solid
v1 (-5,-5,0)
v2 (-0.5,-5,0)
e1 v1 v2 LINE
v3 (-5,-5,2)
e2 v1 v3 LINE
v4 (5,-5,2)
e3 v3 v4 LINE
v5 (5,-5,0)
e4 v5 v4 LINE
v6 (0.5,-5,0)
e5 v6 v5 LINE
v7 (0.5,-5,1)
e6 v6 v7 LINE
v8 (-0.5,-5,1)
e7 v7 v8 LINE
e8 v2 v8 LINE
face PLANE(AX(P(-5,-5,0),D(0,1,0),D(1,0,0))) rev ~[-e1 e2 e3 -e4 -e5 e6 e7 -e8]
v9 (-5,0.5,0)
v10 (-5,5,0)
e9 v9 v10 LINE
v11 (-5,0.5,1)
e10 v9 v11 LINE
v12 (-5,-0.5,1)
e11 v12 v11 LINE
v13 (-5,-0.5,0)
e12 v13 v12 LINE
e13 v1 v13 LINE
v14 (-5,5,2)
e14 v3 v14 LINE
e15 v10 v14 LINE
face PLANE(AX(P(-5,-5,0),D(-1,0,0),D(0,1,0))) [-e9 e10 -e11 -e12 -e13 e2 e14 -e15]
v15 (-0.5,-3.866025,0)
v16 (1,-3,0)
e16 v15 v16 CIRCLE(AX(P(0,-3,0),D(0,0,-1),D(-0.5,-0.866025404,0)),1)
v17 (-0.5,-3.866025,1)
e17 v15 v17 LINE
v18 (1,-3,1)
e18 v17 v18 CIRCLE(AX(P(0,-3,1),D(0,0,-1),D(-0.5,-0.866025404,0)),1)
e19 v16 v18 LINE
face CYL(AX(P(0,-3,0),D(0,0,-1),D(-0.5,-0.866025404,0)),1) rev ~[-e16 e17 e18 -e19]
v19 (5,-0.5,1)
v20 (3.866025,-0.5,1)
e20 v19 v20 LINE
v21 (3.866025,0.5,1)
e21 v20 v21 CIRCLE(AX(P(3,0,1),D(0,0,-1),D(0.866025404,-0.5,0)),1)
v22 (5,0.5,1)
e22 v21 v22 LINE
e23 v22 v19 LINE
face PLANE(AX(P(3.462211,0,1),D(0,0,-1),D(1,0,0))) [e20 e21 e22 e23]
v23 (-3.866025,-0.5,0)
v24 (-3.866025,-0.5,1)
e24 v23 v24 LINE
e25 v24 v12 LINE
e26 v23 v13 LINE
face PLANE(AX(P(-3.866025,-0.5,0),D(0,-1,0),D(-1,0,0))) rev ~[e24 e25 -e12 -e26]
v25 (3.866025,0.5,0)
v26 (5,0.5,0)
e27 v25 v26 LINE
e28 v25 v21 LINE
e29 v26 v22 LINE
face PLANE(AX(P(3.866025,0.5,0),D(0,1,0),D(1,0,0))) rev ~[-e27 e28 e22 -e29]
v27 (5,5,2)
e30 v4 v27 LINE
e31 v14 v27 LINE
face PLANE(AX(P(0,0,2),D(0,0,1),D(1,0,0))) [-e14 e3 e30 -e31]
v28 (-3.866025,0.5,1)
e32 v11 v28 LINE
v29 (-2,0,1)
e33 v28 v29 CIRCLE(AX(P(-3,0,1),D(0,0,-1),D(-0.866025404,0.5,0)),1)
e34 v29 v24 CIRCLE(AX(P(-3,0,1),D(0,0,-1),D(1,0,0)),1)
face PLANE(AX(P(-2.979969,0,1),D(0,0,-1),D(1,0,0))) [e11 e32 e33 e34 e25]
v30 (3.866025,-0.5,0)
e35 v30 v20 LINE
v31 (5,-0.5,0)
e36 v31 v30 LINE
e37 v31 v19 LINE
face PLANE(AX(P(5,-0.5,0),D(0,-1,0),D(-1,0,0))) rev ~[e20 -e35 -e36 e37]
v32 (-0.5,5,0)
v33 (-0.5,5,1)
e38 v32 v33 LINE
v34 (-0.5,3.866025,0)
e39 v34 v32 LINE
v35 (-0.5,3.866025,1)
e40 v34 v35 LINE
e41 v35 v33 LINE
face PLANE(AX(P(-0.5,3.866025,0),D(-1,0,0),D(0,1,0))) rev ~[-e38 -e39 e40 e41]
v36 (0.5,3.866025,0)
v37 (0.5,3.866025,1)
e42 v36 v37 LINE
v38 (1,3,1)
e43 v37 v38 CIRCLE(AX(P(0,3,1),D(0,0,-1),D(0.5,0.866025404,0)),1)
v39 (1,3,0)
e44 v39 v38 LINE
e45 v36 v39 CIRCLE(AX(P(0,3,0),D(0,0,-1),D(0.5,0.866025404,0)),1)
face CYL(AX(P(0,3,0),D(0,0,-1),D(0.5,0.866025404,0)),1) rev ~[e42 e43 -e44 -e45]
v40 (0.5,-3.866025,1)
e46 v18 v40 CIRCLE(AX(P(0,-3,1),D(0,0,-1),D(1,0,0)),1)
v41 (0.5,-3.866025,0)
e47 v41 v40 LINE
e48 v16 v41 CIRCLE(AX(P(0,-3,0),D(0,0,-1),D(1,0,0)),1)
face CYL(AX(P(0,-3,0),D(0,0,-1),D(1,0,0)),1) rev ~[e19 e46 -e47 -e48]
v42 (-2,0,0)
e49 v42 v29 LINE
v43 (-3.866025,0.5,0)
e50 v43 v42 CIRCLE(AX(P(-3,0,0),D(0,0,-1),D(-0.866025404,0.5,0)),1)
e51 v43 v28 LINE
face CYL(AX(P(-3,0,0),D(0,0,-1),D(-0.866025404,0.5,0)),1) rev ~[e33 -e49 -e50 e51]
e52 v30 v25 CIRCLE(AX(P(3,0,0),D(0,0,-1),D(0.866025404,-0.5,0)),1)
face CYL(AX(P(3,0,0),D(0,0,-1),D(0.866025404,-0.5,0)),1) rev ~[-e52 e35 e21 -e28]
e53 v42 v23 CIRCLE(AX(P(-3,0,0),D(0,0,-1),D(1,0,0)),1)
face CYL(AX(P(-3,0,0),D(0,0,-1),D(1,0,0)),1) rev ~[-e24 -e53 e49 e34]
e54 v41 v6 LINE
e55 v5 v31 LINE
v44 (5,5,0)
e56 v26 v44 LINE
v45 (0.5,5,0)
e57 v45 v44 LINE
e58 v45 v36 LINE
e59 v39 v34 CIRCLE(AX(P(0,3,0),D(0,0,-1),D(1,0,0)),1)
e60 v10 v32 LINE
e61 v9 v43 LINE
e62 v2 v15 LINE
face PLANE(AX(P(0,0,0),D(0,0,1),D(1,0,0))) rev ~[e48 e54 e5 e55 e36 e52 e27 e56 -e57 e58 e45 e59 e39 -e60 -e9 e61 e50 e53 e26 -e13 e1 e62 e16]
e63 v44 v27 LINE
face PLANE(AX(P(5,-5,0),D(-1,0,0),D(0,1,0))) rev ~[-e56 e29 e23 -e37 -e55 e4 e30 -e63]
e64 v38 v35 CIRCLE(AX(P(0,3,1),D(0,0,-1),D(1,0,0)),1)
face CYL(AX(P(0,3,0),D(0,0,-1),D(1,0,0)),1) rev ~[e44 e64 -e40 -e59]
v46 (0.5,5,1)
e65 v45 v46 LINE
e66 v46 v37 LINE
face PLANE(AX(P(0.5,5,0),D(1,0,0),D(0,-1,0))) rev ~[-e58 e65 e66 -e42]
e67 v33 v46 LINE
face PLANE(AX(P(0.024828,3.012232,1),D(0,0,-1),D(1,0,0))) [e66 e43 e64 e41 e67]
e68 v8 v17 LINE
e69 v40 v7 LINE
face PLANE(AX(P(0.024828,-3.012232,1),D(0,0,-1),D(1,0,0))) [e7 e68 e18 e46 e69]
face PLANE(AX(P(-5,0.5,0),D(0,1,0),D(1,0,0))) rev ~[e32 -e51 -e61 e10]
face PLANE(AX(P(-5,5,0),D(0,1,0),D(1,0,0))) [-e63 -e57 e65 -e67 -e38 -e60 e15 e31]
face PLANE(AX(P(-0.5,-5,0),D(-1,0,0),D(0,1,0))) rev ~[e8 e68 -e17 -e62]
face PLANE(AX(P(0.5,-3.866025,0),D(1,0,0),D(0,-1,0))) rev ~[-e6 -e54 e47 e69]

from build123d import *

# Parameters (mm, degrees)
F0_W     = 10
F0_H     = 10
F1_DEPTH = 2
F3_DEPTH = 1


with BuildPart() as f1:
    # F0 (on Top) → F1 (new body)
    with BuildSketch(Plane.XY):
        Rectangle(F0_W, F0_H)
    extrude(amount=F1_DEPTH)

    # F2 (on face) → F3 (cut)
    with BuildSketch(Plane(origin=(0, 0, 0), x_dir=(1, 0, 0), z_dir=(0, 0, -1))):
        with BuildLine():
            ThreePointArc((-0.5, 3.8660254038), (-0.5, 2.1339745962), (1, 3))
            ThreePointArc((1, 3), (0.8660254038, 3.5), (0.5, 3.8660254038))
            Line((0.5, 3.8660254038), (0.5, 3))
            Line((0.5, 3), (-0.5, 3))
            Line((-0.5, 3), (-0.5, 3.8660254038))
        make_face()
        with BuildLine():
            Line((0.5, 3), (0.5, 3.8660254038))
            ThreePointArc((0.5, 3.8660254038), (0, 4), (-0.5, 3.8660254038))
            Line((-0.5, 3.8660254038), (-0.5, 3))
            Line((-0.5, 3), (0.5, 3))
        make_face()
        with BuildLine():
            ThreePointArc((-0.5, 3.8660254038), (0, 4), (0.5, 3.8660254038))
            Line((0.5, 3.8660254038), (0.5, 5))
            Line((0.5, 5), (-0.5, 5))
            Line((-0.5, 5), (-0.5, 3.8660254038))
        make_face()
        with BuildLine():
            ThreePointArc((3.8660254038, -0.5), (3.9659258263, -0.2588190451), (4, 0))
            ThreePointArc((4, 0), (3.9659258263, 0.2588190451), (3.8660254038, 0.5))
            Line((3.8660254038, 0.5), (3, 0.5))
            Line((3, 0.5), (3, -0.5))
            Line((3, -0.5), (3.8660254038, -0.5))
        make_face()
        with BuildLine():
            ThreePointArc((3.8660254038, 0.5), (3.9659258263, 0.2588190451), (4, 0))
            ThreePointArc((4, 0), (3.9659258263, -0.2588190451), (3.8660254038, -0.5))
            Line((3.8660254038, -0.5), (5, -0.5))
            Line((5, -0.5), (5, 0.5))
            Line((5, 0.5), (3.8660254038, 0.5))
        make_face()
        with BuildLine():
            Line((3, 0.5), (3.8660254038, 0.5))
            ThreePointArc((3.8660254038, 0.5), (2, 0), (3.8660254038, -0.5))
            Line((3.8660254038, -0.5), (3, -0.5))
            Line((3, -0.5), (3, 0.5))
        make_face()
        with BuildLine():
            ThreePointArc((0.5, -3.8660254038), (0.8660254038, -3.5), (1, -3))
            ThreePointArc((1, -3), (-0.5, -2.1339745962), (-0.5, -3.8660254038))
            Line((-0.5, -3.8660254038), (-0.5, -3))
            Line((-0.5, -3), (0.5, -3))
            Line((0.5, -3), (0.5, -3.8660254038))
        make_face()
        with BuildLine():
            Line((-0.5, -3), (-0.5, -3.8660254038))
            ThreePointArc((-0.5, -3.8660254038), (0, -4), (0.5, -3.8660254038))
            Line((0.5, -3.8660254038), (0.5, -3))
            Line((0.5, -3), (-0.5, -3))
        make_face()
        with BuildLine():
            ThreePointArc((0.5, -3.8660254038), (0, -4), (-0.5, -3.8660254038))
            Line((-0.5, -3.8660254038), (-0.5, -5))
            Line((-0.5, -5), (0.5, -5))
            Line((0.5, -5), (0.5, -3.8660254038))
        make_face()
        with BuildLine():
            ThreePointArc((-3.8660254038, -0.5), (-2.7411809549, -0.9659258263), (-2, 0))
            ThreePointArc((-2, 0), (-2.7411809549, 0.9659258263), (-3.8660254038, 0.5))
            Line((-3.8660254038, 0.5), (-3, 0.5))
            Line((-3, 0.5), (-3, -0.5))
            Line((-3, -0.5), (-3.8660254038, -0.5))
        make_face()
        with BuildLine():
            Line((-3, 0.5), (-3.8660254038, 0.5))
            ThreePointArc((-3.8660254038, 0.5), (-4, 0), (-3.8660254038, -0.5))
            Line((-3.8660254038, -0.5), (-3, -0.5))
            Line((-3, -0.5), (-3, 0.5))
        make_face()
        with BuildLine():
            ThreePointArc((-3.8660254038, -0.5), (-4, 0), (-3.8660254038, 0.5))
            Line((-3.8660254038, 0.5), (-5, 0.5))
            Line((-5, 0.5), (-5, -0.5))
            Line((-5, -0.5), (-3.8660254038, -0.5))
        make_face()
    extrude(amount=-F3_DEPTH, mode=Mode.SUBTRACT)


solid = f1.part
